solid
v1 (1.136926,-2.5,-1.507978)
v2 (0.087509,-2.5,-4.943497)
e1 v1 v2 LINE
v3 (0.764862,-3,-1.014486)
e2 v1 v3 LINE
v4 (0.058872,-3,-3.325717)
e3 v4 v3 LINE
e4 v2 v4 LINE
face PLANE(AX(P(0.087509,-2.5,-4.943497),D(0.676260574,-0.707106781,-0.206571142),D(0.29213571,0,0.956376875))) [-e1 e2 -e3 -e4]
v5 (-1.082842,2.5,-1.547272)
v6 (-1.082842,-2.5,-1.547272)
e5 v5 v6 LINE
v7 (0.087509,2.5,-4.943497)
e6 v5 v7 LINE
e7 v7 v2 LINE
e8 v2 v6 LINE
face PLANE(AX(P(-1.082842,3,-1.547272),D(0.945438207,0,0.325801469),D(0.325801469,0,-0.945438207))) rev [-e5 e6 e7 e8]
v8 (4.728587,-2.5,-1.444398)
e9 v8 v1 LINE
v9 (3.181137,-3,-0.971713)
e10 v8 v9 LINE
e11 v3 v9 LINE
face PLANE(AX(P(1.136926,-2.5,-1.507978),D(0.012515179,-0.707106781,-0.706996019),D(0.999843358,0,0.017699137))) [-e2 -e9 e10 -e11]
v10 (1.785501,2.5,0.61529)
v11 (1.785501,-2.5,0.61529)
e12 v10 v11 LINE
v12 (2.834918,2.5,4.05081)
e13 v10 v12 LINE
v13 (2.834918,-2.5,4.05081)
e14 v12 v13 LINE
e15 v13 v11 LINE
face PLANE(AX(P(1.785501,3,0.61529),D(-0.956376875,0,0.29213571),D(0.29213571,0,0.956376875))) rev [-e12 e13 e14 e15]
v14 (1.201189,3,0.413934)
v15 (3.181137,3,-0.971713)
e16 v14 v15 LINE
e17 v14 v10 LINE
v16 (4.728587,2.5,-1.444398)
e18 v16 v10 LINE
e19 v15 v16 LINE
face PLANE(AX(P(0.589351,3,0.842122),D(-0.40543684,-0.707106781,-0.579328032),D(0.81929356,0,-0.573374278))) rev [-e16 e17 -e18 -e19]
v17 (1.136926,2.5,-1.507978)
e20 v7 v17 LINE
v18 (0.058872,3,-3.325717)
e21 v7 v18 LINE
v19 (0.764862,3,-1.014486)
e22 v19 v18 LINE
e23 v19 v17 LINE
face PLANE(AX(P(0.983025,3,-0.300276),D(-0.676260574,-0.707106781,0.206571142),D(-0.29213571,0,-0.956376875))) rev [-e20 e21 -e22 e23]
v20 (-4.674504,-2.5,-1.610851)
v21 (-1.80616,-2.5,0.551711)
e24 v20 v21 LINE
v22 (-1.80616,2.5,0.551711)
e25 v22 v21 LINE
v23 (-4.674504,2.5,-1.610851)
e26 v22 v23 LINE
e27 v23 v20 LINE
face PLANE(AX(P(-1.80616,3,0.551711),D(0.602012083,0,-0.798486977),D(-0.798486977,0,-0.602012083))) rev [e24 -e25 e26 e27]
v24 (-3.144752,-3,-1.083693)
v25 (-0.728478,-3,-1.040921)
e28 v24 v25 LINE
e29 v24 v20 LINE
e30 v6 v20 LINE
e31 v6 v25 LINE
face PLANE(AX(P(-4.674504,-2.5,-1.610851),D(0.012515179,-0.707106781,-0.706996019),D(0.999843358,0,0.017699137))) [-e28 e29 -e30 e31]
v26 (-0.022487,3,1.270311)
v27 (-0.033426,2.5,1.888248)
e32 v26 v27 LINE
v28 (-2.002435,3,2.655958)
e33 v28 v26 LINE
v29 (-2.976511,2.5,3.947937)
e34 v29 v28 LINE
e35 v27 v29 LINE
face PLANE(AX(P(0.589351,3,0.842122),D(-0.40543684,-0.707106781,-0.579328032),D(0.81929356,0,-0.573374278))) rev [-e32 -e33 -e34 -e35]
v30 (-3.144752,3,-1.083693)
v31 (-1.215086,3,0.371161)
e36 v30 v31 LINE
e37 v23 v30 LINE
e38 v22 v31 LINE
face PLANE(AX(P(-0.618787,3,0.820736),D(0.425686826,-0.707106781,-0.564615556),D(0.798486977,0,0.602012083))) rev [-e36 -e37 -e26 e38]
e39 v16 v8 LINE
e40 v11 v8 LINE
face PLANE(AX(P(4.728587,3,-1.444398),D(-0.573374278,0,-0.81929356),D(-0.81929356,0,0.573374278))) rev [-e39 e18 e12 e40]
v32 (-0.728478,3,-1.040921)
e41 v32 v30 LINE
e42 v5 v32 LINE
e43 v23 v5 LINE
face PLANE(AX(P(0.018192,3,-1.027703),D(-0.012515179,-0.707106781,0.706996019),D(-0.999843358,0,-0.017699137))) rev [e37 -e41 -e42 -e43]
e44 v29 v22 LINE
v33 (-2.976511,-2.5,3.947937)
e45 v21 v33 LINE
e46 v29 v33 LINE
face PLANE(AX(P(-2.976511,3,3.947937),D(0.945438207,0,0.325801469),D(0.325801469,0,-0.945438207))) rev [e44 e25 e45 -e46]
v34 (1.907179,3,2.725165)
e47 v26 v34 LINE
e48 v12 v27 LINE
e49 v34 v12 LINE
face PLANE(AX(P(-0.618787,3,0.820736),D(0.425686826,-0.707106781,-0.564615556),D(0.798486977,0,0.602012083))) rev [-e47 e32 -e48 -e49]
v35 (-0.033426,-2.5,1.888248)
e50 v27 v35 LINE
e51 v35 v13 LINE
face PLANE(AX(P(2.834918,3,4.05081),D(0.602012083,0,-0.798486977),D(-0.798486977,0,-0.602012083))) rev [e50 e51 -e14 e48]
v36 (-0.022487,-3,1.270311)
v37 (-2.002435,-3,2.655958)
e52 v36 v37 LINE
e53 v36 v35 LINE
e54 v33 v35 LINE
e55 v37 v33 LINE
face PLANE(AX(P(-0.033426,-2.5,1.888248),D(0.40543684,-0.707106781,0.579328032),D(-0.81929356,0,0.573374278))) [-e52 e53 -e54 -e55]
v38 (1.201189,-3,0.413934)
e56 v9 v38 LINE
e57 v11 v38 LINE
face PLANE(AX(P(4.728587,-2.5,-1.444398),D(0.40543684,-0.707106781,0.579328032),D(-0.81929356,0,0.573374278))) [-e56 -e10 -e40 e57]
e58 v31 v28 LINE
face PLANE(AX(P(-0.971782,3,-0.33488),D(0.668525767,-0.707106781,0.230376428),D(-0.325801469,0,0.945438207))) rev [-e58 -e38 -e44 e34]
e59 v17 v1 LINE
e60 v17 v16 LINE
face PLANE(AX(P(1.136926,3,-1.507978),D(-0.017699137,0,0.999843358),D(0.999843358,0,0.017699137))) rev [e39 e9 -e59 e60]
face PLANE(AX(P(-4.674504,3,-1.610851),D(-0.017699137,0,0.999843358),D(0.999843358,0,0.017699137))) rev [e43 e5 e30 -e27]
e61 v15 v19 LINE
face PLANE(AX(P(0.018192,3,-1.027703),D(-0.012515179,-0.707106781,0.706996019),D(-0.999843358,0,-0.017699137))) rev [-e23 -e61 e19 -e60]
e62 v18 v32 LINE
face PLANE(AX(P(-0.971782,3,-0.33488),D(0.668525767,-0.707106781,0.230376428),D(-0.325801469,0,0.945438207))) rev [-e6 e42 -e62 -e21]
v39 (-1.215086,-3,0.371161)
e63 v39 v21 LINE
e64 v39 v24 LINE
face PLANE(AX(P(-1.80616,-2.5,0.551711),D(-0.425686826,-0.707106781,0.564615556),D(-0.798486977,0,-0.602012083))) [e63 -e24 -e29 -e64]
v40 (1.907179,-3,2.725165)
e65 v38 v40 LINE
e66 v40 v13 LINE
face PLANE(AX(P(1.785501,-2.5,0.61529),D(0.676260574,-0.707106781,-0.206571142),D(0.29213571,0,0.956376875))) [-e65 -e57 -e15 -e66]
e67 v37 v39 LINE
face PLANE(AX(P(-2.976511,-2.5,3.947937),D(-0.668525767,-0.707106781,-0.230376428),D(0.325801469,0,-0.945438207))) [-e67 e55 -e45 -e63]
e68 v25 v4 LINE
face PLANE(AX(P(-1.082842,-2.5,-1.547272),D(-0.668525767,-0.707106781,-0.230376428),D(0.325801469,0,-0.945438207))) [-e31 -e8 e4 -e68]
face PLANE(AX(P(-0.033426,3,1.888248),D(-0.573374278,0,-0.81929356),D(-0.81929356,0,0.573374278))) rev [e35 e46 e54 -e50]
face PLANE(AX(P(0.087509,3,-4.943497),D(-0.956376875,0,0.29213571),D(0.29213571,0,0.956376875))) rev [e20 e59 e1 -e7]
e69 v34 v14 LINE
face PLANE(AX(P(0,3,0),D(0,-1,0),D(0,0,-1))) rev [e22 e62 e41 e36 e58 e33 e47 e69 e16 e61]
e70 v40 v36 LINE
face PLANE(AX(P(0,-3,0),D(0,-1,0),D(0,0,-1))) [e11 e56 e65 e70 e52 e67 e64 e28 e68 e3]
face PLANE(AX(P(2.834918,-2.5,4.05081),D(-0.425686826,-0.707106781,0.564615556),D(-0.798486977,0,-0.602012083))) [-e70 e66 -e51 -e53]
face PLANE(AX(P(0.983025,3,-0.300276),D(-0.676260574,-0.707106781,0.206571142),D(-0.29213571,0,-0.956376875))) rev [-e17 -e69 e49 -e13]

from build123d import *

# Parameters (mm, degrees)
BOSS_EXTRUDE1_DEPTH = 3
CHAMFER1_SIZE       = 0.5


with BuildPart() as part:
    # Sketch1 → Boss-Extrude1 (new, symmetric)
    with BuildSketch(Plane(origin=(0, 0, 0), x_dir=(1, 0, 0), z_dir=(0, 1, 0))):
        Polygon((-4.674503569, 1.610851049), (-1.08284245, 1.547271789), (0.087509344, 4.943497429), (1.136926198, 1.507977646), (4.728587318, 1.444398386), (1.785501483, -0.61529035), (2.834918338, -4.050810134), (-0.033425595, -1.888247995), (-2.97651143, -3.94793673), (-1.806159637, -0.55171109), align=None)
    extrude(amount=BOSS_EXTRUDE1_DEPTH, both=True)

    # Chamfer1
    chamfer1_edges = [part.edges().sort_by_distance(p)[0] for p in [
        (0.612217771, -3, -3.225737537),
        (2.932756758, -3, -1.476188016),
        (3.2570444, -3, -0.414554018),
        (2.31020991, -3, 2.333050242),
        (1.400746371, -3, 2.969529064),
        (-1.504968513, -3, 2.918092363),
        (-2.391335533, -3, 2.24982391),
        (-3.240331603, 3, -0.529569979),
        (-3.240331603, -3, -0.529569979),
        (-2.878673009, -3, -1.579061419),
        (-0.497666553, -3, -3.245384609),
        (-2.391335533, 3, 2.24982391),
        (-1.504968513, 3, 2.918092363),
        (1.400746371, 3, 2.969529064),
        (2.31020991, 3, 2.333050242),
        (3.2570444, 3, -0.414554018),
        (2.932756758, 3, -1.476188016),
        (0.612217771, 3, -3.225737537),
        (-0.497666553, 3, -3.245384609),
        (-2.878673009, 3, -1.579061419),
    ]]
    chamfer(chamfer1_edges, length=CHAMFER1_SIZE)


solid = part.part
